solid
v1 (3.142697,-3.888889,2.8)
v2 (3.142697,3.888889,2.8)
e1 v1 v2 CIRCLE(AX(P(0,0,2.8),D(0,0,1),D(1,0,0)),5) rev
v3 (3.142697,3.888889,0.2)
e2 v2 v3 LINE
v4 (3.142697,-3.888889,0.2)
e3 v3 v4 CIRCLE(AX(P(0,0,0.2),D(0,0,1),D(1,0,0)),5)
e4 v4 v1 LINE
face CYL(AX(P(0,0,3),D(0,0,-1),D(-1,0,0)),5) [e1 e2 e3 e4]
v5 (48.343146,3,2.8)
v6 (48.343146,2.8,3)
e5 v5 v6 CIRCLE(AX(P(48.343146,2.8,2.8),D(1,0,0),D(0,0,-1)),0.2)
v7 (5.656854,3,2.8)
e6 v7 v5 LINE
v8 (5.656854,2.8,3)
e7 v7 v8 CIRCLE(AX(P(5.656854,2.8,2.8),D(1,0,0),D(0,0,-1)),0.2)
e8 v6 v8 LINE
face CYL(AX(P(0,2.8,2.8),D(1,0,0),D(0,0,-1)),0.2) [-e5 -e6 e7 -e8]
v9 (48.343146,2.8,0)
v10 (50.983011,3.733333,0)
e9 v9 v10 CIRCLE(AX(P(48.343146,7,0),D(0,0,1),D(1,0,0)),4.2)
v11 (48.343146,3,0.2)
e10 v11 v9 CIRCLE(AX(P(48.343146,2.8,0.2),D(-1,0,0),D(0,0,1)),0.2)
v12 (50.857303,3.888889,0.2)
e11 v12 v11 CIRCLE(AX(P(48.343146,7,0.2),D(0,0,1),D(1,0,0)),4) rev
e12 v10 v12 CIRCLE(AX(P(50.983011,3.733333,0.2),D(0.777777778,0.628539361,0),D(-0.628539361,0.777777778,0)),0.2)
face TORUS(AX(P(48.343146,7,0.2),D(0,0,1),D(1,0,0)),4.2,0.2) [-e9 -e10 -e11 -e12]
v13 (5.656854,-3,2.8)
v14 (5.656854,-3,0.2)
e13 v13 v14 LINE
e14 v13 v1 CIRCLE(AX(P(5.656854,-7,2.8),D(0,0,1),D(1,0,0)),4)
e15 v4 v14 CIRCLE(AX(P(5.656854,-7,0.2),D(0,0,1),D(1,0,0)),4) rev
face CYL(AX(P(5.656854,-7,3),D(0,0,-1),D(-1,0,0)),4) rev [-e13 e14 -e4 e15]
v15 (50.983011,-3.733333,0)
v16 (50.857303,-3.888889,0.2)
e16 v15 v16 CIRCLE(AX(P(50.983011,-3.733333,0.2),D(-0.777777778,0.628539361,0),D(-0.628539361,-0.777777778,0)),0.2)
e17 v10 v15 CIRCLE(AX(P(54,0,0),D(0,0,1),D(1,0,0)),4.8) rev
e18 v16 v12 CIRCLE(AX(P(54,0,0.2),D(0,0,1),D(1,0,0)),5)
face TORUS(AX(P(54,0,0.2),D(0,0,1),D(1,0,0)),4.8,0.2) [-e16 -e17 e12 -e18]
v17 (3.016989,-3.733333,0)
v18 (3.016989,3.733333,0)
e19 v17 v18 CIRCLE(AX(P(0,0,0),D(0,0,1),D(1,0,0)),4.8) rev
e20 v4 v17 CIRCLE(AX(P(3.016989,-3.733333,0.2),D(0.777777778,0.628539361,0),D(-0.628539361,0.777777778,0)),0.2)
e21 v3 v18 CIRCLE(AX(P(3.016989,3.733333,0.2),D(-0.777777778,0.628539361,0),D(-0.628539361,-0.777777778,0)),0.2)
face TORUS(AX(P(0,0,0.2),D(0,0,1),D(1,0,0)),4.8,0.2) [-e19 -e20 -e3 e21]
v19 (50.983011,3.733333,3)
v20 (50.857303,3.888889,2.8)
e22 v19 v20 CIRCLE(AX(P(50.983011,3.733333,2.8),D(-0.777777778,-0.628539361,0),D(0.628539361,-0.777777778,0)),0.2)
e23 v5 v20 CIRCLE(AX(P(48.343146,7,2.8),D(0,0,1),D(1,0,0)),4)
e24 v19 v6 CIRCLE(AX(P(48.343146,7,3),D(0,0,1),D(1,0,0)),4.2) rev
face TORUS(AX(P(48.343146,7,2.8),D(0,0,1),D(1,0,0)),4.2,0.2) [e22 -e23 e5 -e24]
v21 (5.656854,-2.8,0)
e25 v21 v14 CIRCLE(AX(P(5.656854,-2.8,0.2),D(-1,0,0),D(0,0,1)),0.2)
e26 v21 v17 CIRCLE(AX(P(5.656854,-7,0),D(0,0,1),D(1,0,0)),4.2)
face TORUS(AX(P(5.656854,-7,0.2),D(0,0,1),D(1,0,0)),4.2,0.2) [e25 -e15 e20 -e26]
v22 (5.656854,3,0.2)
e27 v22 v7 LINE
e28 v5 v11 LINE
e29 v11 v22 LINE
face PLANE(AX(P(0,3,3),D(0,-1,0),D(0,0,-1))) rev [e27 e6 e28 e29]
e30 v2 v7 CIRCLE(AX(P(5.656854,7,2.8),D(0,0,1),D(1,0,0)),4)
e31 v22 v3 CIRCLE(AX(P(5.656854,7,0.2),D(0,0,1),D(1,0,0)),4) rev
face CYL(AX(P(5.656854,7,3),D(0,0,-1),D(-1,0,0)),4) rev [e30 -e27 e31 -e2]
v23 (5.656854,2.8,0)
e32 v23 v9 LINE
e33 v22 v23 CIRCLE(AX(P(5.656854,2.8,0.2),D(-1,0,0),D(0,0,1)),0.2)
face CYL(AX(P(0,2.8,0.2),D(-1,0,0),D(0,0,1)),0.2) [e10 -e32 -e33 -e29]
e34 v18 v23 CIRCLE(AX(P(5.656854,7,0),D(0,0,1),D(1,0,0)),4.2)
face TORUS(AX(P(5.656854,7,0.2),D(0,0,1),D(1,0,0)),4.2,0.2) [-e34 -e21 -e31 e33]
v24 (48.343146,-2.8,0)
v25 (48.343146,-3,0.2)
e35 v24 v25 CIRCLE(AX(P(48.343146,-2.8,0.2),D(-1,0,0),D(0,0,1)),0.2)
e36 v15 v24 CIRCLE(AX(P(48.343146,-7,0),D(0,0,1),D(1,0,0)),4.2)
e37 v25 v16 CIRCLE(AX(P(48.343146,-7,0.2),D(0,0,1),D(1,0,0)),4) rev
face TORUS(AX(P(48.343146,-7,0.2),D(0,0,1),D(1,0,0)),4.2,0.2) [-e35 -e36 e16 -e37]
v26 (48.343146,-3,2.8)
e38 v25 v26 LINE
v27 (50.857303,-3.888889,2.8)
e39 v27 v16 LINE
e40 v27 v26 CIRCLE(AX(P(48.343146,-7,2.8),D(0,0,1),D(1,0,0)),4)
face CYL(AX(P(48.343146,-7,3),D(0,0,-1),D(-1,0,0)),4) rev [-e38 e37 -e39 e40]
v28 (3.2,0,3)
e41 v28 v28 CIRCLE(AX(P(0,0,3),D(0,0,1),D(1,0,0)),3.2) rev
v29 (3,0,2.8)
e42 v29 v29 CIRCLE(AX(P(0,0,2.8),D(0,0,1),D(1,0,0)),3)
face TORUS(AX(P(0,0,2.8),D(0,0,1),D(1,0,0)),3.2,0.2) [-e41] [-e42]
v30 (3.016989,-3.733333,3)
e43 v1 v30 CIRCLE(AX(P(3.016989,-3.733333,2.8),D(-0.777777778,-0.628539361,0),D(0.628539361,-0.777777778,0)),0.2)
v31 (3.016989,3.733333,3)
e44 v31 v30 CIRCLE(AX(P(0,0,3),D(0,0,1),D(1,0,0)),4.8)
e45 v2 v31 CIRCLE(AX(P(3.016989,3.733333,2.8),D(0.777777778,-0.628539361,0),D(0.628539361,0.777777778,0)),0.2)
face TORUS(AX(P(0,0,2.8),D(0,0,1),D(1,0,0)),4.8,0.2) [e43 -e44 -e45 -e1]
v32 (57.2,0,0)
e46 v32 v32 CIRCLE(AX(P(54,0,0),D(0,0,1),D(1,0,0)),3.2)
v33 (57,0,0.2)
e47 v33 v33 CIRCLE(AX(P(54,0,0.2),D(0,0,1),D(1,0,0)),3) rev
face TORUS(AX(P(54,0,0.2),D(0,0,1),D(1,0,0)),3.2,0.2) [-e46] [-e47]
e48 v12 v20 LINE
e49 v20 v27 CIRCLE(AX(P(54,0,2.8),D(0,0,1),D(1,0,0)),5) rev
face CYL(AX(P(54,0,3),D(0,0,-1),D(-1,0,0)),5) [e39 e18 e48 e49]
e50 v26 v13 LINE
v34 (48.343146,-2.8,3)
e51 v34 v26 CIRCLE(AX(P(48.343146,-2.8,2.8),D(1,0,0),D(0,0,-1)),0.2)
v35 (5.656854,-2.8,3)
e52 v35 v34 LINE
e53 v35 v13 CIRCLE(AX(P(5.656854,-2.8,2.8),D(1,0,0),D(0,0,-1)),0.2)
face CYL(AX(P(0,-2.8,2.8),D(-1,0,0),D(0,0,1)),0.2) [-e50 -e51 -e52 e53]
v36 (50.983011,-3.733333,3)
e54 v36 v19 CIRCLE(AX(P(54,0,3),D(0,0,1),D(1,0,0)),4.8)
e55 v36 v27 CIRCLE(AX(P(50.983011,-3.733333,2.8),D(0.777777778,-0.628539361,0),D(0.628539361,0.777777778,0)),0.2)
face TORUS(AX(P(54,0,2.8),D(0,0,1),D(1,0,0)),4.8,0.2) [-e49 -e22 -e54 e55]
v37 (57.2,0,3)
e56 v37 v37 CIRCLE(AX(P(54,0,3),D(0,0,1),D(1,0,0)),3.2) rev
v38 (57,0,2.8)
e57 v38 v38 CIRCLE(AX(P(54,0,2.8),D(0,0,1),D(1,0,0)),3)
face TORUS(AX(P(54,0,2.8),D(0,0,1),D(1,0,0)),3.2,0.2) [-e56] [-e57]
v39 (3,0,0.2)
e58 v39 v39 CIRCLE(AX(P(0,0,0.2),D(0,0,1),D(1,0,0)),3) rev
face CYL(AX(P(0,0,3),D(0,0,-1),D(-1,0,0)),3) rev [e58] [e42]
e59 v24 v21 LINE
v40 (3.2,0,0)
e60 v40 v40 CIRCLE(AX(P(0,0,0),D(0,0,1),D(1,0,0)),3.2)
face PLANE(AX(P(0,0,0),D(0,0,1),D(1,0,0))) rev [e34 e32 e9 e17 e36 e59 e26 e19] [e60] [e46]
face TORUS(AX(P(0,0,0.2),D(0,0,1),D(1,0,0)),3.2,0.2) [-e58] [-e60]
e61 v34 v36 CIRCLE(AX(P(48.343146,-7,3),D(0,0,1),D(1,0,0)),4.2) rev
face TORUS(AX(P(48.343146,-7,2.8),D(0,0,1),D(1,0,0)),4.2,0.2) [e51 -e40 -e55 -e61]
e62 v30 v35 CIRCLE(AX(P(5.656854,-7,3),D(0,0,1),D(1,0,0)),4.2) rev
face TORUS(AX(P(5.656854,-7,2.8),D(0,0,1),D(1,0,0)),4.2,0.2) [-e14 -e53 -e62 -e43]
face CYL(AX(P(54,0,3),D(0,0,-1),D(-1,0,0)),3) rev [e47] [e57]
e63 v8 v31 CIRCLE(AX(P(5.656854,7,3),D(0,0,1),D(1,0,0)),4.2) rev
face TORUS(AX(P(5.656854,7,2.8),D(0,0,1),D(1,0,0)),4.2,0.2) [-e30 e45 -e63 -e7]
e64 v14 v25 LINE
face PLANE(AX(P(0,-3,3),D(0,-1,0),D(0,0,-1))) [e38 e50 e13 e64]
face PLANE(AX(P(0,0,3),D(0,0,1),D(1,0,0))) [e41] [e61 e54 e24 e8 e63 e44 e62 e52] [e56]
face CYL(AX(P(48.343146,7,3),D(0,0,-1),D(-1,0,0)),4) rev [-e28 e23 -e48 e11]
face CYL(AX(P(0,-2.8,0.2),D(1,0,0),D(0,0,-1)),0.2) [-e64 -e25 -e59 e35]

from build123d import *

# Parameters (mm, degrees)
SKETCH2_R           = 5
SKETCH2_R_2         = 3
BOSS_EXTRUDE1_DEPTH = 3
FILLET1_R           = 4
FILLET2_R           = 0.2


with BuildPart() as part:
    # Sketch2 → Boss-Extrude1 (new body)
    # profile 1 of 3: a face of its own
    with BuildSketch(Plane.XY):
        Circle(SKETCH2_R)
        Circle(SKETCH2_R_2, mode=Mode.SUBTRACT)
    # profile 2 of 3: a face of its own
    with BuildSketch(Plane.XY):
        with BuildLine():
            Line((4, -3), (50, -3))
            ThreePointArc((50, -3), (49, 0), (50, 3))
            Line((50, 3), (4, 3))
            ThreePointArc((4, 3), (4.74341649, 1.58113883), (5, 0))
            ThreePointArc((5, 0), (4.74341649, -1.58113883), (4, -3))
        make_face()
    # profile 3 of 3: a face of its own
    with BuildSketch(Plane.XY):
        with Locations((54, 0)):
            Circle(SKETCH2_R)
        with Locations((54, 0)):
            Circle(SKETCH2_R_2, mode=Mode.SUBTRACT)
    extrude(amount=BOSS_EXTRUDE1_DEPTH)

    # Fillet1
    fillet1_edges = [part.edges().sort_by_distance(p)[0] for p in [
        (4, 3, 1.5),
        (50, 3, 1.5),
        (50, -3, 1.5),
        (4, -3, 1.5),
    ]]
    fillet(fillet1_edges, radius=FILLET1_R)

    # Fillet2
    fillet2_edges = [part.edges().sort_by_distance(p)[0] for p in [
        (-3, 0, 0),
        (59, 0, 0),
        (59, 0, 3),
        (27, -3, 0),
        (27, -3, 3),
        (-5, 0, 0),
        (-5, 0, 3),
        (27, 3, 0),
        (27, 3, 3),
        (49.676479084, -3.228763834, 0),
        (49.676479084, -3.228763834, 3),
        (4.323520916, -3.228763834, 0),
        (4.323520916, -3.228763834, 3),
        (51, 0, 3),
        (49.676479084, 3.228763834, 0),
        (49.676479084, 3.228763834, 3),
        (4.323520916, 3.228763834, 0),
        (4.323520916, 3.228763834, 3),
        (-3, 0, 3),
        (51, 0, 0),
    ]]
    fillet(fillet2_edges, radius=FILLET2_R)


solid = part.part
